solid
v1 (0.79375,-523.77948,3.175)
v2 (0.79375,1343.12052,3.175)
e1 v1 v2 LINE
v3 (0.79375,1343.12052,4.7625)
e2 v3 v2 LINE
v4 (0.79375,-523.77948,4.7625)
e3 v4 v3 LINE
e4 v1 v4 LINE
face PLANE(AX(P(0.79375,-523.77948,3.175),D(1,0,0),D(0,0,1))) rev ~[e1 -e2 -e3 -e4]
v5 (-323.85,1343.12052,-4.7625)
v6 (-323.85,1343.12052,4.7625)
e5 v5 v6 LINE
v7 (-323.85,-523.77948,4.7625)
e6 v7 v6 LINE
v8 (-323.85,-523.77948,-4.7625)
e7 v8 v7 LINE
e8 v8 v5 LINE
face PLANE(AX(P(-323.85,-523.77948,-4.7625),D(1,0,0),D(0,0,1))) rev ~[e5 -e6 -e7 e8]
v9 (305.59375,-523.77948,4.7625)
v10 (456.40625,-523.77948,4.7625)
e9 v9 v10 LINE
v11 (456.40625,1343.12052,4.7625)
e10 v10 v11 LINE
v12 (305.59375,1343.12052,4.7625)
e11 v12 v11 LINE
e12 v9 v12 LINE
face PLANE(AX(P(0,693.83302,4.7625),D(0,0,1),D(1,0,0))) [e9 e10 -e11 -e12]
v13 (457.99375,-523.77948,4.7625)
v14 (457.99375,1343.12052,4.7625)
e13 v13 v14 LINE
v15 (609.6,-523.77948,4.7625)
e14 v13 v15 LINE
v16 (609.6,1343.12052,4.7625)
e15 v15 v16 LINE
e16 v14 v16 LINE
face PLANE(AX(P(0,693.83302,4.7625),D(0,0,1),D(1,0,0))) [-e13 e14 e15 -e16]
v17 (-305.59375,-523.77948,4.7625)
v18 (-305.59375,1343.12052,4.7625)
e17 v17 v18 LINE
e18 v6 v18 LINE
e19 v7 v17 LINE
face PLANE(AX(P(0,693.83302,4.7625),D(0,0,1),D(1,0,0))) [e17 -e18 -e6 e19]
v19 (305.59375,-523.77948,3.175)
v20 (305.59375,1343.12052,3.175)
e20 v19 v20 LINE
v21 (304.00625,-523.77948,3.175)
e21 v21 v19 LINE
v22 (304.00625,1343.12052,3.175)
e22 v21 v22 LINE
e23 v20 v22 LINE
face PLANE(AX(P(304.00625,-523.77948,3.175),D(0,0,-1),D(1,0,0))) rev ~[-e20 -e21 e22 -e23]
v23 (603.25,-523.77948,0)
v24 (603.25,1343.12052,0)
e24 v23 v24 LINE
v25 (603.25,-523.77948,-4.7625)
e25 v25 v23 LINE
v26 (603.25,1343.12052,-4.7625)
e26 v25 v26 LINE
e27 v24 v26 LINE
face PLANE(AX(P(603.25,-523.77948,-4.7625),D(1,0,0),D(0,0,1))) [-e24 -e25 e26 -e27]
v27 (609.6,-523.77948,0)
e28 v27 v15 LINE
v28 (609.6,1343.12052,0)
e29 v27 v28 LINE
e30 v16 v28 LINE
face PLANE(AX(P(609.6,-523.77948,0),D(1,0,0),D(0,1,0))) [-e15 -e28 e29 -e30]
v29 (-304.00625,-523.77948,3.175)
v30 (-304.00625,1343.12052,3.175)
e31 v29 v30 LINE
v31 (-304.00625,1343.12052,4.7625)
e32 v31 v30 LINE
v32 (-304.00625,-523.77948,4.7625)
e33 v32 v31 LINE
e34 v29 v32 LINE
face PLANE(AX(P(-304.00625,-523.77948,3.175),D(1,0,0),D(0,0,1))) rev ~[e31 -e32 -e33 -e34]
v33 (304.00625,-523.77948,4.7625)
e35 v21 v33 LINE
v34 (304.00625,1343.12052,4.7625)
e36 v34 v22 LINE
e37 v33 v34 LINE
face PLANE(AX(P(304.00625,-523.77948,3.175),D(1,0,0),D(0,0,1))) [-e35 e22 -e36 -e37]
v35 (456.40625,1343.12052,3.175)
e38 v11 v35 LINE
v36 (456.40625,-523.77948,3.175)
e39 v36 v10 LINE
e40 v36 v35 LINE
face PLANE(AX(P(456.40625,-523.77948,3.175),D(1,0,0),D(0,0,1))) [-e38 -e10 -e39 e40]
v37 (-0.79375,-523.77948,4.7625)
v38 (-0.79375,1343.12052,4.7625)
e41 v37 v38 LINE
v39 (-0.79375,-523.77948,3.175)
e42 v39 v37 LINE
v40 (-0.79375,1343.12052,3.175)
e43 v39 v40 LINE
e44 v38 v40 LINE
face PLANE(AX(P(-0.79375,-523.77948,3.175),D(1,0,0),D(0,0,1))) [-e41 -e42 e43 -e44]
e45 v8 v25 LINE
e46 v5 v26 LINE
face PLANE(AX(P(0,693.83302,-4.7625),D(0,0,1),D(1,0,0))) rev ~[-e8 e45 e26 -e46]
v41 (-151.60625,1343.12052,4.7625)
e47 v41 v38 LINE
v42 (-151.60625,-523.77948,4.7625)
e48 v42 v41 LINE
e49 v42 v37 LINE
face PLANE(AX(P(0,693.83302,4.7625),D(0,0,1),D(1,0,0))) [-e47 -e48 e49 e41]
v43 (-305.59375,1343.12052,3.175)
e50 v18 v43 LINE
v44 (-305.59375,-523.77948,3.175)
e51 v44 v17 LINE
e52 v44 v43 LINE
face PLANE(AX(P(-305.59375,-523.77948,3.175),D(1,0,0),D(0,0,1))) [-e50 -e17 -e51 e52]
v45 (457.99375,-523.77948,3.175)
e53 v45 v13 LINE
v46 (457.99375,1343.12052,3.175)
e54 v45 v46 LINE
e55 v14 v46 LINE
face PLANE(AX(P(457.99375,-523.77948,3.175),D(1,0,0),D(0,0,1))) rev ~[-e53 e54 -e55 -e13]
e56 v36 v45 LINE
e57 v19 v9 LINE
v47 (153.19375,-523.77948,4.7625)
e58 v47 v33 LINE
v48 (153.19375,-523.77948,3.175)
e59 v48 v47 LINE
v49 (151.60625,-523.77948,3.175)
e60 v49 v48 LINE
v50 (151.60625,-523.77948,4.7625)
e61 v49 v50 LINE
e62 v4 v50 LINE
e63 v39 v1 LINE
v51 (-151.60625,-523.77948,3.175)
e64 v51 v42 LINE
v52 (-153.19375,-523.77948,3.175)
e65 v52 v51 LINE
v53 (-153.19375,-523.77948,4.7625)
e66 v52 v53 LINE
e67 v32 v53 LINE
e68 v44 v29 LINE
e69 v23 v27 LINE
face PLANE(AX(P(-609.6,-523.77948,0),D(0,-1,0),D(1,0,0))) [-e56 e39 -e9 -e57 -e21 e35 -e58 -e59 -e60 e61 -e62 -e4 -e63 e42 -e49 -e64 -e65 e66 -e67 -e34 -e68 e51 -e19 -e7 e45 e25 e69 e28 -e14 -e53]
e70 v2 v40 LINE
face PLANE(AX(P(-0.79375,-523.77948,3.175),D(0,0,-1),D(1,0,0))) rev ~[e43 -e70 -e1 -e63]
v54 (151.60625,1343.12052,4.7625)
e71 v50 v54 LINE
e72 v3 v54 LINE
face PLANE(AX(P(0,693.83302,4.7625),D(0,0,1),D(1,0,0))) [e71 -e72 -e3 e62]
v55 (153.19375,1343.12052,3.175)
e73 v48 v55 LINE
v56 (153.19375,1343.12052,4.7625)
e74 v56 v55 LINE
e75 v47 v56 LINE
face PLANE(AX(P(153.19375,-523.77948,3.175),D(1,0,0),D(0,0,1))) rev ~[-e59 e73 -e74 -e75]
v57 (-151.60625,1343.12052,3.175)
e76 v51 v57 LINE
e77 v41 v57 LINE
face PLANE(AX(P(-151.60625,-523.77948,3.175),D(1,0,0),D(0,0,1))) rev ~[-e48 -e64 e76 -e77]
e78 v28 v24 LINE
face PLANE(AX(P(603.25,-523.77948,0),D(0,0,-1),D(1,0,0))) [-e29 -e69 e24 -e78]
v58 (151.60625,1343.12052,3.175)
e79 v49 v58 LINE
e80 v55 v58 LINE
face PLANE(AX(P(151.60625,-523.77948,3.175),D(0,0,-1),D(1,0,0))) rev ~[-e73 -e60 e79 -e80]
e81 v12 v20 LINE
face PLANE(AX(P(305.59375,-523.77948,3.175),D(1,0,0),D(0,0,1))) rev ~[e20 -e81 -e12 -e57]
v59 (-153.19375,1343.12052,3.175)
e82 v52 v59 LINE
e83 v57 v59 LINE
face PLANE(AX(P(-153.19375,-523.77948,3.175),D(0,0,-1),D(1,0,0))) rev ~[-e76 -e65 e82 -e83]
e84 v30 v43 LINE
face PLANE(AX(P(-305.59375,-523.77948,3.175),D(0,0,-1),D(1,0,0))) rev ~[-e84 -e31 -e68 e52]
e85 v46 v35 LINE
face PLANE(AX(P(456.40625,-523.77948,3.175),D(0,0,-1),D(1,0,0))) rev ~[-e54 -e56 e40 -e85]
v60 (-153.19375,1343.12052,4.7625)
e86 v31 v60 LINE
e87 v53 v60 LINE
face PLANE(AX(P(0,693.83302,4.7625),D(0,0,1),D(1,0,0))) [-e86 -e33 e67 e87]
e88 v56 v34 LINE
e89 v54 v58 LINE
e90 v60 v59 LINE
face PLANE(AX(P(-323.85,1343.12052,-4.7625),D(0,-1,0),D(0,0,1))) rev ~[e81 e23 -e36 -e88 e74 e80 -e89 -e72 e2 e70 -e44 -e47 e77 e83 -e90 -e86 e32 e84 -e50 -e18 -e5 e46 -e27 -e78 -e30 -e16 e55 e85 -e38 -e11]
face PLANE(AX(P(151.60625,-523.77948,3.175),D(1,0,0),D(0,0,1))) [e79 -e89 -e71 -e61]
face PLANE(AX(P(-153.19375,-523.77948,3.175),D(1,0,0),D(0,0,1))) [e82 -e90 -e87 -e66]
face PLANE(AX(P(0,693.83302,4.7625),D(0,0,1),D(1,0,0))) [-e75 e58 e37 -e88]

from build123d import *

# Parameters (mm, degrees)
F0_W     = 1219.2
F0_H     = 2435.225
F1_DEPTH = 4.7625
F2_W     = 6.35
F2_H     = 4.7625
F3_DEPTH = 2435.226
F4_W     = 1.5875
F4_H     = 1.5875
F5_DEPTH = 2435.226
F6_W     = 285.75
F6_H     = 9.525
F7_DEPTH = 2435.226
F8_W     = 568.325
F8_H     = 9.525
F9_DEPTH = 933.451


with BuildPart() as f1:
    # F0 (on Top) → F1 (new body, symmetric)
    with BuildSketch(Plane.XY):
        with Locations((0, 693.83302)):
            Rectangle(F0_W, F0_H)
    extrude(amount=F1_DEPTH, both=True)

    # F2 (on face) → F3 (cut, through all)
    with BuildSketch(Plane.XZ.offset(523.77948)):
        with Locations((606.425, -2.38125)):
            Rectangle(F2_W, F2_H)
        with Locations((-606.425, 2.38125)):
            Rectangle(F2_W, F2_H)
    extrude(amount=-F3_DEPTH, mode=Mode.SUBTRACT)

    # F4 (on face) → F5 (cut, through all)
    with BuildSketch(Plane.XZ.offset(523.77948)):
        with Locations((-457.2, 3.96875)):
            Rectangle(F4_W, F4_H)
        with Locations((-304.8, 3.96875)):
            Rectangle(F4_W, F4_H)
        with Locations((-152.4, 3.96875)):
            Rectangle(F4_W, F4_H)
        with Locations((0, 3.96875)):
            Rectangle(F4_W, F4_H)
        with Locations((152.4, 3.96875)):
            Rectangle(F4_W, F4_H)
        with Locations((304.8, 3.96875)):
            Rectangle(F4_W, F4_H)
        with Locations((457.2, 3.96875)):
            Rectangle(F4_W, F4_H)
    extrude(amount=-F5_DEPTH, mode=Mode.SUBTRACT)

    # F6 (on face) → F7 (cut, through all)
    with BuildSketch(Plane.XZ.offset(523.77948)):
        with Locations((-466.725, 0)):
            Rectangle(F6_W, F6_H)
    extrude(amount=-F7_DEPTH, mode=Mode.SUBTRACT)

    # F8 (on face) → F9 (cut, through all)
    with BuildSketch(Plane(origin=(-323.85, 0, 0), x_dir=(0, -1, 0), z_dir=(-1, 0, 0))):
        with Locations((-1627.28302, 0)):
            Rectangle(F8_W, F8_H)
    extrude(amount=-F9_DEPTH, mode=Mode.SUBTRACT)


solid = f1.part
